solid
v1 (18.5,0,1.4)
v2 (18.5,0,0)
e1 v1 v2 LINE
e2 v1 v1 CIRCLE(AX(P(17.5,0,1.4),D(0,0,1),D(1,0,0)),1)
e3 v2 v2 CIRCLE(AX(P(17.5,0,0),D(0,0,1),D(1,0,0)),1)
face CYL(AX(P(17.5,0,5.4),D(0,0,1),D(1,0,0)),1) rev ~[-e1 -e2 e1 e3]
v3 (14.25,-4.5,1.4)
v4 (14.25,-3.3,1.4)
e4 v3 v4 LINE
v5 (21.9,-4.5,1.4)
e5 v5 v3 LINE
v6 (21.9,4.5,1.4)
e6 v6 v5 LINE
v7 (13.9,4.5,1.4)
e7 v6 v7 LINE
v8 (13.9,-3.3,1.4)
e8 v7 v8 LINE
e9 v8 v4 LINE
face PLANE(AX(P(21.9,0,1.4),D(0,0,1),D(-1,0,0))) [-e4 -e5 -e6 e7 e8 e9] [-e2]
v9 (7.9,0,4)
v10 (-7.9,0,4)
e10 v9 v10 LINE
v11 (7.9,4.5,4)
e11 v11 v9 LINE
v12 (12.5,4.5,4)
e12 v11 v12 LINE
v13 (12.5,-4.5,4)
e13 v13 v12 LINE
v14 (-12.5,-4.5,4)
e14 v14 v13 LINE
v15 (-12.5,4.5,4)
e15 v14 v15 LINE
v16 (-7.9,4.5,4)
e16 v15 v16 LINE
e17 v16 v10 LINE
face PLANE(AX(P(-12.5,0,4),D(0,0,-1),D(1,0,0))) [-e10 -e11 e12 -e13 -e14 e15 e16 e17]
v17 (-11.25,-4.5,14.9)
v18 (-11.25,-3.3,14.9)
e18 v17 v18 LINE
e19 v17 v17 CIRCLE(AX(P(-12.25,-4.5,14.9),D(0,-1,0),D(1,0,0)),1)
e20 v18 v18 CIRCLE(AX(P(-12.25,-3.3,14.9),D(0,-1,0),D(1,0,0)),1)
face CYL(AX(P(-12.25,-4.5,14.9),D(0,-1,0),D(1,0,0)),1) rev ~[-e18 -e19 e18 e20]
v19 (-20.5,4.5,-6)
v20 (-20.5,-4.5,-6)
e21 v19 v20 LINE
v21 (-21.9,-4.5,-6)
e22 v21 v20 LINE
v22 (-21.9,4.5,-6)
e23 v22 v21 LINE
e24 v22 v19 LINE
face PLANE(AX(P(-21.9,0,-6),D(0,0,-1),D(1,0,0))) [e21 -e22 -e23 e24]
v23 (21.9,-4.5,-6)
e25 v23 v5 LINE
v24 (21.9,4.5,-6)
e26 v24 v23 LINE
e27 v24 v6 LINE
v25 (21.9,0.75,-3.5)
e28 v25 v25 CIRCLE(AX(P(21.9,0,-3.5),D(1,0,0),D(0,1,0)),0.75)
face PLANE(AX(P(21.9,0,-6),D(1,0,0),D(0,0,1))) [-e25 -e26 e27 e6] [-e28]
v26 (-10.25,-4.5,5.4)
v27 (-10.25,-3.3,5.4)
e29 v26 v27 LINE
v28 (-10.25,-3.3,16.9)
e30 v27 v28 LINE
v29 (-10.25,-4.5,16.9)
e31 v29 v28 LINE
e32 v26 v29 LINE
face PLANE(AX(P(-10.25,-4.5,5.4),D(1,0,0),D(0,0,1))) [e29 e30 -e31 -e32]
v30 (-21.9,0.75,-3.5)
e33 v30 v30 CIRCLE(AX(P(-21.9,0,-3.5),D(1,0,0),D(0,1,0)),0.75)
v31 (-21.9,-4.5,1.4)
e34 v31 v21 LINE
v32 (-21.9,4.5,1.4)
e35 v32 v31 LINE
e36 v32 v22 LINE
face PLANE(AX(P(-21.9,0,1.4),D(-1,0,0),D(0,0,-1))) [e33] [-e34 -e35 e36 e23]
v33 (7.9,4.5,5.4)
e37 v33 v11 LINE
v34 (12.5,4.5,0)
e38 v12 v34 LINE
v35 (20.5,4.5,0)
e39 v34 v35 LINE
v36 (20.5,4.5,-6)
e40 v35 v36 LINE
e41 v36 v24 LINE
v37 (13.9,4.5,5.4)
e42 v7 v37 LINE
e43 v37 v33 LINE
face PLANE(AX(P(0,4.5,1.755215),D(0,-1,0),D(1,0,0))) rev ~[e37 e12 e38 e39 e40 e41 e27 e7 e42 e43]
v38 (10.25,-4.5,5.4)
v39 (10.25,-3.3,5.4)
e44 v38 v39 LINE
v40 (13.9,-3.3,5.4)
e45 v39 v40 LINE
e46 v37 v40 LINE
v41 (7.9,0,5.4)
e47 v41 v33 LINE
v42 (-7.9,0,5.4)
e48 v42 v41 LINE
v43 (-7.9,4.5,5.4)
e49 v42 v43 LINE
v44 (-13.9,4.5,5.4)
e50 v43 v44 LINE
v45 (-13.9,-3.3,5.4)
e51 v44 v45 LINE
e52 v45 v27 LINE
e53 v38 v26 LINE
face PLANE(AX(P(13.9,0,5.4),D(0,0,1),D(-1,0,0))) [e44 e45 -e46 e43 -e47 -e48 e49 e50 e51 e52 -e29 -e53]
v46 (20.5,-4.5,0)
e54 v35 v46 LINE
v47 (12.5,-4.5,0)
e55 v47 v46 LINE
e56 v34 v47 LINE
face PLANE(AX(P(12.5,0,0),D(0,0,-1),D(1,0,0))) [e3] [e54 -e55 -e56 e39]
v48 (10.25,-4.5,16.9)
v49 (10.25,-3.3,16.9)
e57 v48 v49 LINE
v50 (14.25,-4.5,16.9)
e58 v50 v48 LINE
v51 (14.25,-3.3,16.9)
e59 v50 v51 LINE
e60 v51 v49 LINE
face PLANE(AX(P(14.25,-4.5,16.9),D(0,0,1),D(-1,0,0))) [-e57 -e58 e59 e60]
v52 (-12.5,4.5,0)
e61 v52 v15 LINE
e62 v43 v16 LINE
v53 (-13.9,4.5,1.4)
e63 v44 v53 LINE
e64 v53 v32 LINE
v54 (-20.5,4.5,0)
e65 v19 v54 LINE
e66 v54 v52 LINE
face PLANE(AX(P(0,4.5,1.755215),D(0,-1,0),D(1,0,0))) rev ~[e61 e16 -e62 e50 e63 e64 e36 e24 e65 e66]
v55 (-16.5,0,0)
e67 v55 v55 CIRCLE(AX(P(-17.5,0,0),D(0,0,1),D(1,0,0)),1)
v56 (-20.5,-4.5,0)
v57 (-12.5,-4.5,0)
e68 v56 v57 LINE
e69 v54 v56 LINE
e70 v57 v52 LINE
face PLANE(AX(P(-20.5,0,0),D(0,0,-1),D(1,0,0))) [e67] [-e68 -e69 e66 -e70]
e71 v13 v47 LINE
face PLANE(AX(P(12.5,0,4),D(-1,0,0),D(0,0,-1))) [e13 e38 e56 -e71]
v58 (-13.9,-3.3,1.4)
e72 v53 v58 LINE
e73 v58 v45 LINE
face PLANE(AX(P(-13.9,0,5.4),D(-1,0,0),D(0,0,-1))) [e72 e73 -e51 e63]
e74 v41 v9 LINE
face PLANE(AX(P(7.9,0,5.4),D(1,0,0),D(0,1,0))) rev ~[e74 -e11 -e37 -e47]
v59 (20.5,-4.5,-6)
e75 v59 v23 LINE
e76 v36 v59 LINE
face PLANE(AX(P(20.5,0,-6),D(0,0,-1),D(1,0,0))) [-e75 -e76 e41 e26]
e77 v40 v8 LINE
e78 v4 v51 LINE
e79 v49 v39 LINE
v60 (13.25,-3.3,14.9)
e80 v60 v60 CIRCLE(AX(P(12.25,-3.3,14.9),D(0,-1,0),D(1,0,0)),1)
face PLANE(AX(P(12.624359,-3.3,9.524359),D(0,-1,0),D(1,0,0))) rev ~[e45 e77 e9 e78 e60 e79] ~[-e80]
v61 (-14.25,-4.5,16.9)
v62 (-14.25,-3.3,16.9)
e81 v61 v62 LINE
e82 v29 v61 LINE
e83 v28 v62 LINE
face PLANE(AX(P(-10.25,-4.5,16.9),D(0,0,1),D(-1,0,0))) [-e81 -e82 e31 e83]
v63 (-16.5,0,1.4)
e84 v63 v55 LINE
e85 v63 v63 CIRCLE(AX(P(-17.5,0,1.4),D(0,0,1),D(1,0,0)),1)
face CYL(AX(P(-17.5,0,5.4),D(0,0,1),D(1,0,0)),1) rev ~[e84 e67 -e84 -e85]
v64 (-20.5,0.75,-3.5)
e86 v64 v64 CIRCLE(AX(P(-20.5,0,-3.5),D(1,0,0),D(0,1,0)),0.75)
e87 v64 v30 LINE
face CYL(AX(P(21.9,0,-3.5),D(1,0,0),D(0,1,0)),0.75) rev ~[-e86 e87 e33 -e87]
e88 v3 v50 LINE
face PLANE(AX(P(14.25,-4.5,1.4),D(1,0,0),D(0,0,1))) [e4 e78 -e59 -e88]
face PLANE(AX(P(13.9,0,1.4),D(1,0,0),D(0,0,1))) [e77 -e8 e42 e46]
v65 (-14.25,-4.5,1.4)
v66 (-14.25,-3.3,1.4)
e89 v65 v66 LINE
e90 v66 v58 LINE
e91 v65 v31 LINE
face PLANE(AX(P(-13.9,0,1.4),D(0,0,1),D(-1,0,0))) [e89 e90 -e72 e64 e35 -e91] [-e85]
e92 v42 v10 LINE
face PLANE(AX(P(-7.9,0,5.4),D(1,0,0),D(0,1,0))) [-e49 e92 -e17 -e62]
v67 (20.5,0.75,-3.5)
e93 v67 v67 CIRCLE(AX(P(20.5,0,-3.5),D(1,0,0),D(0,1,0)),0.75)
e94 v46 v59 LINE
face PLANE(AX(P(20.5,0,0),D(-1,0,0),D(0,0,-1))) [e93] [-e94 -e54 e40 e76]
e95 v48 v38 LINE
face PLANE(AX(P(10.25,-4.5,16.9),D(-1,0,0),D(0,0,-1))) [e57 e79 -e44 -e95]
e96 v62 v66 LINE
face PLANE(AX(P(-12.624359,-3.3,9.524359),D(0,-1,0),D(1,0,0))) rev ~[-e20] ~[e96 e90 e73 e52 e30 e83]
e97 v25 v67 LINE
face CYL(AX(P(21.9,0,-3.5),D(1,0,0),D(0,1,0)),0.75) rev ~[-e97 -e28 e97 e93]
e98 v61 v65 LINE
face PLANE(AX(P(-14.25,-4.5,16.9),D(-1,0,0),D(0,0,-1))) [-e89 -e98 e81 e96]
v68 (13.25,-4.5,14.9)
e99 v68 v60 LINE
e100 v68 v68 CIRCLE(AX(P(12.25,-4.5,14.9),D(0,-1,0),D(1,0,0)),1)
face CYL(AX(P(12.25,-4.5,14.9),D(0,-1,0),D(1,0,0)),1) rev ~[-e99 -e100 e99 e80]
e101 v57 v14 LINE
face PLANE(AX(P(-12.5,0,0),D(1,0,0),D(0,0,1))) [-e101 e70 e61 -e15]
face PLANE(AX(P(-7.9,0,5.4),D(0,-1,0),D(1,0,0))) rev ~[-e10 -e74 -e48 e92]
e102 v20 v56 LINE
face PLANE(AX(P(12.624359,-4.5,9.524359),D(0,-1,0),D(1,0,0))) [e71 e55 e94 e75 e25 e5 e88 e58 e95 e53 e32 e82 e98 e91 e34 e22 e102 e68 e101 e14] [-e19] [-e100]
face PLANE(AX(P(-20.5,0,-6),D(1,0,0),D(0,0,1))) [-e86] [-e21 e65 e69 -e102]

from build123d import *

# Parameters (mm, degrees)
F1_DEPTH = 4.5
F2_R     = 0.75
F3_DEPTH = 43.801
F4_R     = 1
F5_DEPTH = 1.2
F6_R     = 1
F6_W     = 15.8
F6_H     = 4.5
F7_DEPTH = 11.401


with BuildPart() as f1:
    # F0 (on Front) → F1 (new body, symmetric)
    with BuildSketch(Plane.XZ):
        Polygon((12.5, 4), (12.5, 0), (20.5, 0), (20.5, -6), (21.9, -6), (21.9, 1.4), (13.9, 1.4), (13.9, 5.4), (-13.9, 5.4), (-13.9, 1.4), (-21.9, 1.4), (-21.9, -6), (-20.5, -6), (-20.5, 0), (-12.5, 0), (-12.5, 4), align=None)
    extrude(amount=F1_DEPTH, both=True)

    # F2 (on face) → F3 (cut, through all)
    with BuildSketch(Plane.YZ.offset(21.9)):
        with Locations((0, -3.5)):
            Circle(F2_R)
    extrude(amount=-F3_DEPTH, mode=Mode.SUBTRACT)

    # F4 (on face) → F5 (join)
    with BuildSketch(Plane.XZ.offset(4.5)):
        Polygon((14.25, 16.9), (10.25, 16.9), (10.25, 5.4), (13.9, 5.4), (13.9, 1.4), (14.25, 1.4), align=None)
        with Locations((12.25, 14.9)):
            Circle(F4_R, mode=Mode.SUBTRACT)
        Polygon((-10.25, 16.9), (-14.25, 16.9), (-14.25, 1.4), (-13.9, 1.4), (-13.9, 5.4), (-10.25, 5.4), align=None)
        with Locations((-12.25, 14.9)):
            Circle(F4_R, mode=Mode.SUBTRACT)
    extrude(amount=-F5_DEPTH)

    # F6 (on face) → F7 (cut, through all)
    with BuildSketch(Plane.XY.offset(5.4)):
        with Locations((-17.5, 0)):
            Circle(F6_R)
        with Locations((17.5, 0)):
            Circle(F6_R)
        with Locations((0, 2.25)):
            Rectangle(F6_W, F6_H)
    extrude(amount=-F7_DEPTH, mode=Mode.SUBTRACT)


solid = f1.part
